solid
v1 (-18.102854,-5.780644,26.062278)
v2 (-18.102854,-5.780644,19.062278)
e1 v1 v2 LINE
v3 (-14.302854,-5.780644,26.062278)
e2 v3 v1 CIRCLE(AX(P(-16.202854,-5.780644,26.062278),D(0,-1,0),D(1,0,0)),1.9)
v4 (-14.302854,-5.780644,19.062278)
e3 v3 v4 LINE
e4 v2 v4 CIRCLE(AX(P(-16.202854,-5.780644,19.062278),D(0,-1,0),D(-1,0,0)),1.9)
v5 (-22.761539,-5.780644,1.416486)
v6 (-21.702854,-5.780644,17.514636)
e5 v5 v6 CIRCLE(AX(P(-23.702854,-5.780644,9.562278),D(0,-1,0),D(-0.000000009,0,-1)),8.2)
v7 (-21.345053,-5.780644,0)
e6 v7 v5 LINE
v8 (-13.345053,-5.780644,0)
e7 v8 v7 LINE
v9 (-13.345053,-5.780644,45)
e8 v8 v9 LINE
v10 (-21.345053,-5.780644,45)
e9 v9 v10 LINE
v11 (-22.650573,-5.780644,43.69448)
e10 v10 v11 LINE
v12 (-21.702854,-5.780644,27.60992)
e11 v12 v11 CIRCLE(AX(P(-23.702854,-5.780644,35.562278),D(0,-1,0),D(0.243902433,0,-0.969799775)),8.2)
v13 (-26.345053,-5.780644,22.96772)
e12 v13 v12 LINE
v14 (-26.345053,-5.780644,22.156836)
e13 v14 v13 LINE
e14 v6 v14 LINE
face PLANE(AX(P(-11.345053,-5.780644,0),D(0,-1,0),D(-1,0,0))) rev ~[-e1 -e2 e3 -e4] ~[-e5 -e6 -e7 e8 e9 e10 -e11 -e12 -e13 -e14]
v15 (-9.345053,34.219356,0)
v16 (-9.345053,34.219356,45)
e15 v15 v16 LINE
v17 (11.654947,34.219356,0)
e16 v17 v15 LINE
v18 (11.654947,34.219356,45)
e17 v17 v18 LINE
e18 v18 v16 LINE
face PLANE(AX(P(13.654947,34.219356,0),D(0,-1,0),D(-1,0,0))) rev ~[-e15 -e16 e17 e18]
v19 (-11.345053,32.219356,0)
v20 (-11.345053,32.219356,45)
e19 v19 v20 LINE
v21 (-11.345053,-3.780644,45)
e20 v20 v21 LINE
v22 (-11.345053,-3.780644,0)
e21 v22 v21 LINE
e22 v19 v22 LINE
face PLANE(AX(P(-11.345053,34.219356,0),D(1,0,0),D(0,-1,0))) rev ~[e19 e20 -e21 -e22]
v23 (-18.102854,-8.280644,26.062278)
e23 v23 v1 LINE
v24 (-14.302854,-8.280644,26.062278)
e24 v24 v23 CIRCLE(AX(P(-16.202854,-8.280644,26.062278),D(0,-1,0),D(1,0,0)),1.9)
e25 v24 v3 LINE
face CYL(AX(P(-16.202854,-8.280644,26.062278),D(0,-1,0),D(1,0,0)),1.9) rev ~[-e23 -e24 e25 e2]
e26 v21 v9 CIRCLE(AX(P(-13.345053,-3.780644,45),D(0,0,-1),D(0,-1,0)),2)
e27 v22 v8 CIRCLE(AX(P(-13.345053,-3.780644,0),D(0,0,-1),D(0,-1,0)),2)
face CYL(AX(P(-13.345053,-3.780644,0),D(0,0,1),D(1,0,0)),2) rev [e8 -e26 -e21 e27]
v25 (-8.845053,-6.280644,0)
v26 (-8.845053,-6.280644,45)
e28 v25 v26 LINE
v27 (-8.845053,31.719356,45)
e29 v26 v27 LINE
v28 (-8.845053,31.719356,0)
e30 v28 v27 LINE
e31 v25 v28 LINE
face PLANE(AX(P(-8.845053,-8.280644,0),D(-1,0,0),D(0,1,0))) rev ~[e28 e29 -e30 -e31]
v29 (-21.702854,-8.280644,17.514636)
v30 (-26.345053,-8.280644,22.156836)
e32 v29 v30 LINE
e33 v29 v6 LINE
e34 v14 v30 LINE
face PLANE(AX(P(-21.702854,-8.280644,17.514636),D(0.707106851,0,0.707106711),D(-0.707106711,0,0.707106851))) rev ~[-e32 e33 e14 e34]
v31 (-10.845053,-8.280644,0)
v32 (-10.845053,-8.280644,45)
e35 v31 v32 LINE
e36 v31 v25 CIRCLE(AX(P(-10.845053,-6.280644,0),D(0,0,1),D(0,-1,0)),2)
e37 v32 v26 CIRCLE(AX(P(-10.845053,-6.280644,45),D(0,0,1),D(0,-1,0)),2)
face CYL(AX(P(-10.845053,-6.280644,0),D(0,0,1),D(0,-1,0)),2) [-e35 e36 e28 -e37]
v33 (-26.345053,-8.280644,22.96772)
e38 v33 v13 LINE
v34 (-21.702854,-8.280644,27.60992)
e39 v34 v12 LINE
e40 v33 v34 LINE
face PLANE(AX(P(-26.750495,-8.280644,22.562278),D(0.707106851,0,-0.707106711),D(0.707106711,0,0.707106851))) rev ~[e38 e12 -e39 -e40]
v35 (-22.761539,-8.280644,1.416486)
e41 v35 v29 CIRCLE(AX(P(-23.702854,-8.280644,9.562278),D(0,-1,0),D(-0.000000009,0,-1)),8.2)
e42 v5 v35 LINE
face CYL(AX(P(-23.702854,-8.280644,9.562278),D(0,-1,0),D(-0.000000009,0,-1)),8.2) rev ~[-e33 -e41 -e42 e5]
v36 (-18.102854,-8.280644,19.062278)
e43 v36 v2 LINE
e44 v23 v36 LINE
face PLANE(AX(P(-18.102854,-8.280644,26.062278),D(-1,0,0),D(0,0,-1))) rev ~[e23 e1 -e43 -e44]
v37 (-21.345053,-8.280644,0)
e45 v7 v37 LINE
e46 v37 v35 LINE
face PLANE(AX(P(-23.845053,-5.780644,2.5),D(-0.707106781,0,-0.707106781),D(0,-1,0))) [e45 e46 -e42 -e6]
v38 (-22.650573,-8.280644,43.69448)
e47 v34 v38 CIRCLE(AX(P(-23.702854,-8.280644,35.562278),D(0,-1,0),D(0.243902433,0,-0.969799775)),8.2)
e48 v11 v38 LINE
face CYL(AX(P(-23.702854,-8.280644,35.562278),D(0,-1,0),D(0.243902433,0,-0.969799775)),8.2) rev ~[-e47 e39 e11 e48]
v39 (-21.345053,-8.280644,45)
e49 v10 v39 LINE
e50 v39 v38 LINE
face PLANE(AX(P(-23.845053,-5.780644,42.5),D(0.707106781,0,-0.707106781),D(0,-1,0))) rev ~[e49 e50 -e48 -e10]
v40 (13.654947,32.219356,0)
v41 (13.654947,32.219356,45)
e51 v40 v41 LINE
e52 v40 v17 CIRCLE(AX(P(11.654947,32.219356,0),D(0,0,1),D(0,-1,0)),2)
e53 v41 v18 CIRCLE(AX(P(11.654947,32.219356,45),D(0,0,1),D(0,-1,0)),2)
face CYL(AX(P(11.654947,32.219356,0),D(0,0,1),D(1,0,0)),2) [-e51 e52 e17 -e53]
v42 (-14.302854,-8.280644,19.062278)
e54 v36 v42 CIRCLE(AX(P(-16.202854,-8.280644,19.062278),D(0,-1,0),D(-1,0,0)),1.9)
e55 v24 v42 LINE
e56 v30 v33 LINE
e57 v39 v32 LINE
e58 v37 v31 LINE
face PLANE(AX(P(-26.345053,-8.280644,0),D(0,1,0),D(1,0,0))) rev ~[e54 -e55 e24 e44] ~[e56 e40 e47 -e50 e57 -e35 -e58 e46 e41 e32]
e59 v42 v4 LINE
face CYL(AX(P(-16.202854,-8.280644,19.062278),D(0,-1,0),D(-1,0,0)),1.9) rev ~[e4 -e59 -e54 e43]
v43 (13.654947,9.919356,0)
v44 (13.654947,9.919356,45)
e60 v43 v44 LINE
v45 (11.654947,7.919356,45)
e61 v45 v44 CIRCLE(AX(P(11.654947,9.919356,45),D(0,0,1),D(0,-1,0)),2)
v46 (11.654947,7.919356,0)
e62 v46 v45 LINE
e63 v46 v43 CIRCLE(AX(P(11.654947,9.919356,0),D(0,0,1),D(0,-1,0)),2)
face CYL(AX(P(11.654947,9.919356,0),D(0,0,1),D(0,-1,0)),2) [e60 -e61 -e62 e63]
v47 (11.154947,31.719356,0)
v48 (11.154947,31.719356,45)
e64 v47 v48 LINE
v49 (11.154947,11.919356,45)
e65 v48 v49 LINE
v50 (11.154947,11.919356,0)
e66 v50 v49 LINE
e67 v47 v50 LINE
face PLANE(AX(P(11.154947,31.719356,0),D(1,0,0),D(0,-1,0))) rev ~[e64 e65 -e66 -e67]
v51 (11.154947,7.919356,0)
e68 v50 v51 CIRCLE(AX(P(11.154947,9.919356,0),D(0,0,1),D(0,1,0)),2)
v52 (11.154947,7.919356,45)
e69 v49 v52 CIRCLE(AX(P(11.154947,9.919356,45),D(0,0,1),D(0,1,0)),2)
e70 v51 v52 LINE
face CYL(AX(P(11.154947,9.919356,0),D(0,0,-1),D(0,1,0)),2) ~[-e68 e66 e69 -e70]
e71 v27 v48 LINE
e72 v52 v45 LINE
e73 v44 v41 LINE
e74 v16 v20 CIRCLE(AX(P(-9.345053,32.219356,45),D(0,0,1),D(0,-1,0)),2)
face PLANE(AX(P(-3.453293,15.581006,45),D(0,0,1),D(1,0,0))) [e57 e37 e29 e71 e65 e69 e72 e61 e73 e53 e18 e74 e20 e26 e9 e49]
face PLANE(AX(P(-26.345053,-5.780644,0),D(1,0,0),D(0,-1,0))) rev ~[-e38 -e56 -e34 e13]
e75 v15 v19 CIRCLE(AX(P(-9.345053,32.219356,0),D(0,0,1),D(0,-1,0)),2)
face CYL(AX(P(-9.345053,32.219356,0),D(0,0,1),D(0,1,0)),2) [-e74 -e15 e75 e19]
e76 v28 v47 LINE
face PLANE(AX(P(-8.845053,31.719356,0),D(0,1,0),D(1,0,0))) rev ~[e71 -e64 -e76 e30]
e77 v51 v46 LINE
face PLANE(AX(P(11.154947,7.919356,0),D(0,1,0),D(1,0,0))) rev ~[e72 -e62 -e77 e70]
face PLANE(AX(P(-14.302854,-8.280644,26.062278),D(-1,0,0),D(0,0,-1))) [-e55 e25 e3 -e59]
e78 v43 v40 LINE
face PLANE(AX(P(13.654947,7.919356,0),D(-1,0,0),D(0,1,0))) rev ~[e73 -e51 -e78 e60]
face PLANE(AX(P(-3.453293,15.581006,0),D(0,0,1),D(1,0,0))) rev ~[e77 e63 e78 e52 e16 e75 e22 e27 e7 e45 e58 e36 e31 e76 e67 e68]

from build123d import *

# Parameters (mm, degrees)
PAD_DEPTH       = 45
FILLET_R        = 2
CHAMFER_SIZE    = 5
SKETCH001_R     = 1.8
POCKET_DEPTH    = 5
POCKET001_DEPTH = 5


with BuildPart() as part:
    # Sketch → Pad (new body)
    with BuildSketch(Plane.XY):
        with BuildLine():
            Line((11.154947, 7.919356), (13.654947, 7.919356))
            Line((13.654947, 7.919356), (13.654947, 34.219356))
            Line((13.654947, 34.219356), (-11.345053, 34.219356))
            Line((-11.345053, 34.219356), (-11.345053, -5.780644))
            Line((-11.345053, -5.780644), (-26.345053, -5.780644))
            Line((-26.345053, -5.780644), (-26.345053, -8.280644))
            Line((-26.345053, -8.280644), (-8.845053, -8.280644))
            Line((-8.845053, -8.280644), (-8.845053, 31.719356))
            Line((-8.845053, 31.719356), (11.154947, 31.719356))
            Line((11.154947, 31.719356), (11.154947, 11.919356))
            ThreePointArc((11.154947, 11.919356), (9.154947, 9.919356), (11.154947, 7.919356))
        make_face()
    extrude(amount=PAD_DEPTH)

    # Fillet
    fillet_edges = [part.edges().sort_by_distance(p)[0] for p in [
        (-8.845053, -8.280644, 22.5),
        (-11.345053, -5.780644, 22.5),
        (-11.345053, 34.219356, 22.5),
        (13.654947, 34.219356, 22.5),
        (13.654947, 7.919356, 22.5),
    ]]
    fillet(fillet_edges, radius=FILLET_R)

    # Chamfer
    chamfer_edges = [part.edges().sort_by_distance(p)[0] for p in [
        (-26.345053, -7.030644, 0),
        (-26.345053, -7.030644, 45),
    ]]
    chamfer(chamfer_edges, length=CHAMFER_SIZE)

    # Sketch001 (on Face2 of Chamfer) → Pocket (cut)
    with BuildSketch(Plane.XZ.offset(8.280644)):
        with Locations((-20.345053, 4.25)):
            Circle(SKETCH001_R)
        with Locations((-20.345053, 40.75)):
            Circle(SKETCH001_R)
    extrude(amount=-POCKET_DEPTH, mode=Mode.SUBTRACT)

    # Sketch002 (on Face2 of Pocket) → Pocket001 (cut)
    with BuildSketch(Plane.XZ.offset(8.280644)):
        with BuildLine():
            ThreePointArc((-23.702854, 1.362278), (-15.565, 8.554641), (-21.702854, 17.514636))
            Line((-21.702854, 17.514636), (-26.750495, 22.562278))
            Line((-26.750495, 22.562278), (-21.702854, 27.60992))
            ThreePointArc((-21.702854, 27.60992), (-15.565, 36.569915), (-23.702854, 43.762278))
            Line((-23.702854, 43.762278), (-32.41938, 43.762278))
            Line((-32.41938, 43.762278), (-32.41938, 1.362278))
            Line((-32.41938, 1.362278), (-23.702854, 1.362278))
        make_face()
        with BuildLine():
            ThreePointArc((-14.302854, 26.062278), (-16.202854, 27.962278), (-18.102854, 26.062278))
            Line((-18.102854, 26.062278), (-18.102854, 19.062278))
            ThreePointArc((-18.102854, 19.062278), (-16.202854, 17.162278), (-14.302854, 19.062278))
            Line((-14.302854, 26.062278), (-14.302854, 19.062278))
        make_face()
    extrude(amount=-POCKET001_DEPTH, mode=Mode.SUBTRACT)


solid = part.part
